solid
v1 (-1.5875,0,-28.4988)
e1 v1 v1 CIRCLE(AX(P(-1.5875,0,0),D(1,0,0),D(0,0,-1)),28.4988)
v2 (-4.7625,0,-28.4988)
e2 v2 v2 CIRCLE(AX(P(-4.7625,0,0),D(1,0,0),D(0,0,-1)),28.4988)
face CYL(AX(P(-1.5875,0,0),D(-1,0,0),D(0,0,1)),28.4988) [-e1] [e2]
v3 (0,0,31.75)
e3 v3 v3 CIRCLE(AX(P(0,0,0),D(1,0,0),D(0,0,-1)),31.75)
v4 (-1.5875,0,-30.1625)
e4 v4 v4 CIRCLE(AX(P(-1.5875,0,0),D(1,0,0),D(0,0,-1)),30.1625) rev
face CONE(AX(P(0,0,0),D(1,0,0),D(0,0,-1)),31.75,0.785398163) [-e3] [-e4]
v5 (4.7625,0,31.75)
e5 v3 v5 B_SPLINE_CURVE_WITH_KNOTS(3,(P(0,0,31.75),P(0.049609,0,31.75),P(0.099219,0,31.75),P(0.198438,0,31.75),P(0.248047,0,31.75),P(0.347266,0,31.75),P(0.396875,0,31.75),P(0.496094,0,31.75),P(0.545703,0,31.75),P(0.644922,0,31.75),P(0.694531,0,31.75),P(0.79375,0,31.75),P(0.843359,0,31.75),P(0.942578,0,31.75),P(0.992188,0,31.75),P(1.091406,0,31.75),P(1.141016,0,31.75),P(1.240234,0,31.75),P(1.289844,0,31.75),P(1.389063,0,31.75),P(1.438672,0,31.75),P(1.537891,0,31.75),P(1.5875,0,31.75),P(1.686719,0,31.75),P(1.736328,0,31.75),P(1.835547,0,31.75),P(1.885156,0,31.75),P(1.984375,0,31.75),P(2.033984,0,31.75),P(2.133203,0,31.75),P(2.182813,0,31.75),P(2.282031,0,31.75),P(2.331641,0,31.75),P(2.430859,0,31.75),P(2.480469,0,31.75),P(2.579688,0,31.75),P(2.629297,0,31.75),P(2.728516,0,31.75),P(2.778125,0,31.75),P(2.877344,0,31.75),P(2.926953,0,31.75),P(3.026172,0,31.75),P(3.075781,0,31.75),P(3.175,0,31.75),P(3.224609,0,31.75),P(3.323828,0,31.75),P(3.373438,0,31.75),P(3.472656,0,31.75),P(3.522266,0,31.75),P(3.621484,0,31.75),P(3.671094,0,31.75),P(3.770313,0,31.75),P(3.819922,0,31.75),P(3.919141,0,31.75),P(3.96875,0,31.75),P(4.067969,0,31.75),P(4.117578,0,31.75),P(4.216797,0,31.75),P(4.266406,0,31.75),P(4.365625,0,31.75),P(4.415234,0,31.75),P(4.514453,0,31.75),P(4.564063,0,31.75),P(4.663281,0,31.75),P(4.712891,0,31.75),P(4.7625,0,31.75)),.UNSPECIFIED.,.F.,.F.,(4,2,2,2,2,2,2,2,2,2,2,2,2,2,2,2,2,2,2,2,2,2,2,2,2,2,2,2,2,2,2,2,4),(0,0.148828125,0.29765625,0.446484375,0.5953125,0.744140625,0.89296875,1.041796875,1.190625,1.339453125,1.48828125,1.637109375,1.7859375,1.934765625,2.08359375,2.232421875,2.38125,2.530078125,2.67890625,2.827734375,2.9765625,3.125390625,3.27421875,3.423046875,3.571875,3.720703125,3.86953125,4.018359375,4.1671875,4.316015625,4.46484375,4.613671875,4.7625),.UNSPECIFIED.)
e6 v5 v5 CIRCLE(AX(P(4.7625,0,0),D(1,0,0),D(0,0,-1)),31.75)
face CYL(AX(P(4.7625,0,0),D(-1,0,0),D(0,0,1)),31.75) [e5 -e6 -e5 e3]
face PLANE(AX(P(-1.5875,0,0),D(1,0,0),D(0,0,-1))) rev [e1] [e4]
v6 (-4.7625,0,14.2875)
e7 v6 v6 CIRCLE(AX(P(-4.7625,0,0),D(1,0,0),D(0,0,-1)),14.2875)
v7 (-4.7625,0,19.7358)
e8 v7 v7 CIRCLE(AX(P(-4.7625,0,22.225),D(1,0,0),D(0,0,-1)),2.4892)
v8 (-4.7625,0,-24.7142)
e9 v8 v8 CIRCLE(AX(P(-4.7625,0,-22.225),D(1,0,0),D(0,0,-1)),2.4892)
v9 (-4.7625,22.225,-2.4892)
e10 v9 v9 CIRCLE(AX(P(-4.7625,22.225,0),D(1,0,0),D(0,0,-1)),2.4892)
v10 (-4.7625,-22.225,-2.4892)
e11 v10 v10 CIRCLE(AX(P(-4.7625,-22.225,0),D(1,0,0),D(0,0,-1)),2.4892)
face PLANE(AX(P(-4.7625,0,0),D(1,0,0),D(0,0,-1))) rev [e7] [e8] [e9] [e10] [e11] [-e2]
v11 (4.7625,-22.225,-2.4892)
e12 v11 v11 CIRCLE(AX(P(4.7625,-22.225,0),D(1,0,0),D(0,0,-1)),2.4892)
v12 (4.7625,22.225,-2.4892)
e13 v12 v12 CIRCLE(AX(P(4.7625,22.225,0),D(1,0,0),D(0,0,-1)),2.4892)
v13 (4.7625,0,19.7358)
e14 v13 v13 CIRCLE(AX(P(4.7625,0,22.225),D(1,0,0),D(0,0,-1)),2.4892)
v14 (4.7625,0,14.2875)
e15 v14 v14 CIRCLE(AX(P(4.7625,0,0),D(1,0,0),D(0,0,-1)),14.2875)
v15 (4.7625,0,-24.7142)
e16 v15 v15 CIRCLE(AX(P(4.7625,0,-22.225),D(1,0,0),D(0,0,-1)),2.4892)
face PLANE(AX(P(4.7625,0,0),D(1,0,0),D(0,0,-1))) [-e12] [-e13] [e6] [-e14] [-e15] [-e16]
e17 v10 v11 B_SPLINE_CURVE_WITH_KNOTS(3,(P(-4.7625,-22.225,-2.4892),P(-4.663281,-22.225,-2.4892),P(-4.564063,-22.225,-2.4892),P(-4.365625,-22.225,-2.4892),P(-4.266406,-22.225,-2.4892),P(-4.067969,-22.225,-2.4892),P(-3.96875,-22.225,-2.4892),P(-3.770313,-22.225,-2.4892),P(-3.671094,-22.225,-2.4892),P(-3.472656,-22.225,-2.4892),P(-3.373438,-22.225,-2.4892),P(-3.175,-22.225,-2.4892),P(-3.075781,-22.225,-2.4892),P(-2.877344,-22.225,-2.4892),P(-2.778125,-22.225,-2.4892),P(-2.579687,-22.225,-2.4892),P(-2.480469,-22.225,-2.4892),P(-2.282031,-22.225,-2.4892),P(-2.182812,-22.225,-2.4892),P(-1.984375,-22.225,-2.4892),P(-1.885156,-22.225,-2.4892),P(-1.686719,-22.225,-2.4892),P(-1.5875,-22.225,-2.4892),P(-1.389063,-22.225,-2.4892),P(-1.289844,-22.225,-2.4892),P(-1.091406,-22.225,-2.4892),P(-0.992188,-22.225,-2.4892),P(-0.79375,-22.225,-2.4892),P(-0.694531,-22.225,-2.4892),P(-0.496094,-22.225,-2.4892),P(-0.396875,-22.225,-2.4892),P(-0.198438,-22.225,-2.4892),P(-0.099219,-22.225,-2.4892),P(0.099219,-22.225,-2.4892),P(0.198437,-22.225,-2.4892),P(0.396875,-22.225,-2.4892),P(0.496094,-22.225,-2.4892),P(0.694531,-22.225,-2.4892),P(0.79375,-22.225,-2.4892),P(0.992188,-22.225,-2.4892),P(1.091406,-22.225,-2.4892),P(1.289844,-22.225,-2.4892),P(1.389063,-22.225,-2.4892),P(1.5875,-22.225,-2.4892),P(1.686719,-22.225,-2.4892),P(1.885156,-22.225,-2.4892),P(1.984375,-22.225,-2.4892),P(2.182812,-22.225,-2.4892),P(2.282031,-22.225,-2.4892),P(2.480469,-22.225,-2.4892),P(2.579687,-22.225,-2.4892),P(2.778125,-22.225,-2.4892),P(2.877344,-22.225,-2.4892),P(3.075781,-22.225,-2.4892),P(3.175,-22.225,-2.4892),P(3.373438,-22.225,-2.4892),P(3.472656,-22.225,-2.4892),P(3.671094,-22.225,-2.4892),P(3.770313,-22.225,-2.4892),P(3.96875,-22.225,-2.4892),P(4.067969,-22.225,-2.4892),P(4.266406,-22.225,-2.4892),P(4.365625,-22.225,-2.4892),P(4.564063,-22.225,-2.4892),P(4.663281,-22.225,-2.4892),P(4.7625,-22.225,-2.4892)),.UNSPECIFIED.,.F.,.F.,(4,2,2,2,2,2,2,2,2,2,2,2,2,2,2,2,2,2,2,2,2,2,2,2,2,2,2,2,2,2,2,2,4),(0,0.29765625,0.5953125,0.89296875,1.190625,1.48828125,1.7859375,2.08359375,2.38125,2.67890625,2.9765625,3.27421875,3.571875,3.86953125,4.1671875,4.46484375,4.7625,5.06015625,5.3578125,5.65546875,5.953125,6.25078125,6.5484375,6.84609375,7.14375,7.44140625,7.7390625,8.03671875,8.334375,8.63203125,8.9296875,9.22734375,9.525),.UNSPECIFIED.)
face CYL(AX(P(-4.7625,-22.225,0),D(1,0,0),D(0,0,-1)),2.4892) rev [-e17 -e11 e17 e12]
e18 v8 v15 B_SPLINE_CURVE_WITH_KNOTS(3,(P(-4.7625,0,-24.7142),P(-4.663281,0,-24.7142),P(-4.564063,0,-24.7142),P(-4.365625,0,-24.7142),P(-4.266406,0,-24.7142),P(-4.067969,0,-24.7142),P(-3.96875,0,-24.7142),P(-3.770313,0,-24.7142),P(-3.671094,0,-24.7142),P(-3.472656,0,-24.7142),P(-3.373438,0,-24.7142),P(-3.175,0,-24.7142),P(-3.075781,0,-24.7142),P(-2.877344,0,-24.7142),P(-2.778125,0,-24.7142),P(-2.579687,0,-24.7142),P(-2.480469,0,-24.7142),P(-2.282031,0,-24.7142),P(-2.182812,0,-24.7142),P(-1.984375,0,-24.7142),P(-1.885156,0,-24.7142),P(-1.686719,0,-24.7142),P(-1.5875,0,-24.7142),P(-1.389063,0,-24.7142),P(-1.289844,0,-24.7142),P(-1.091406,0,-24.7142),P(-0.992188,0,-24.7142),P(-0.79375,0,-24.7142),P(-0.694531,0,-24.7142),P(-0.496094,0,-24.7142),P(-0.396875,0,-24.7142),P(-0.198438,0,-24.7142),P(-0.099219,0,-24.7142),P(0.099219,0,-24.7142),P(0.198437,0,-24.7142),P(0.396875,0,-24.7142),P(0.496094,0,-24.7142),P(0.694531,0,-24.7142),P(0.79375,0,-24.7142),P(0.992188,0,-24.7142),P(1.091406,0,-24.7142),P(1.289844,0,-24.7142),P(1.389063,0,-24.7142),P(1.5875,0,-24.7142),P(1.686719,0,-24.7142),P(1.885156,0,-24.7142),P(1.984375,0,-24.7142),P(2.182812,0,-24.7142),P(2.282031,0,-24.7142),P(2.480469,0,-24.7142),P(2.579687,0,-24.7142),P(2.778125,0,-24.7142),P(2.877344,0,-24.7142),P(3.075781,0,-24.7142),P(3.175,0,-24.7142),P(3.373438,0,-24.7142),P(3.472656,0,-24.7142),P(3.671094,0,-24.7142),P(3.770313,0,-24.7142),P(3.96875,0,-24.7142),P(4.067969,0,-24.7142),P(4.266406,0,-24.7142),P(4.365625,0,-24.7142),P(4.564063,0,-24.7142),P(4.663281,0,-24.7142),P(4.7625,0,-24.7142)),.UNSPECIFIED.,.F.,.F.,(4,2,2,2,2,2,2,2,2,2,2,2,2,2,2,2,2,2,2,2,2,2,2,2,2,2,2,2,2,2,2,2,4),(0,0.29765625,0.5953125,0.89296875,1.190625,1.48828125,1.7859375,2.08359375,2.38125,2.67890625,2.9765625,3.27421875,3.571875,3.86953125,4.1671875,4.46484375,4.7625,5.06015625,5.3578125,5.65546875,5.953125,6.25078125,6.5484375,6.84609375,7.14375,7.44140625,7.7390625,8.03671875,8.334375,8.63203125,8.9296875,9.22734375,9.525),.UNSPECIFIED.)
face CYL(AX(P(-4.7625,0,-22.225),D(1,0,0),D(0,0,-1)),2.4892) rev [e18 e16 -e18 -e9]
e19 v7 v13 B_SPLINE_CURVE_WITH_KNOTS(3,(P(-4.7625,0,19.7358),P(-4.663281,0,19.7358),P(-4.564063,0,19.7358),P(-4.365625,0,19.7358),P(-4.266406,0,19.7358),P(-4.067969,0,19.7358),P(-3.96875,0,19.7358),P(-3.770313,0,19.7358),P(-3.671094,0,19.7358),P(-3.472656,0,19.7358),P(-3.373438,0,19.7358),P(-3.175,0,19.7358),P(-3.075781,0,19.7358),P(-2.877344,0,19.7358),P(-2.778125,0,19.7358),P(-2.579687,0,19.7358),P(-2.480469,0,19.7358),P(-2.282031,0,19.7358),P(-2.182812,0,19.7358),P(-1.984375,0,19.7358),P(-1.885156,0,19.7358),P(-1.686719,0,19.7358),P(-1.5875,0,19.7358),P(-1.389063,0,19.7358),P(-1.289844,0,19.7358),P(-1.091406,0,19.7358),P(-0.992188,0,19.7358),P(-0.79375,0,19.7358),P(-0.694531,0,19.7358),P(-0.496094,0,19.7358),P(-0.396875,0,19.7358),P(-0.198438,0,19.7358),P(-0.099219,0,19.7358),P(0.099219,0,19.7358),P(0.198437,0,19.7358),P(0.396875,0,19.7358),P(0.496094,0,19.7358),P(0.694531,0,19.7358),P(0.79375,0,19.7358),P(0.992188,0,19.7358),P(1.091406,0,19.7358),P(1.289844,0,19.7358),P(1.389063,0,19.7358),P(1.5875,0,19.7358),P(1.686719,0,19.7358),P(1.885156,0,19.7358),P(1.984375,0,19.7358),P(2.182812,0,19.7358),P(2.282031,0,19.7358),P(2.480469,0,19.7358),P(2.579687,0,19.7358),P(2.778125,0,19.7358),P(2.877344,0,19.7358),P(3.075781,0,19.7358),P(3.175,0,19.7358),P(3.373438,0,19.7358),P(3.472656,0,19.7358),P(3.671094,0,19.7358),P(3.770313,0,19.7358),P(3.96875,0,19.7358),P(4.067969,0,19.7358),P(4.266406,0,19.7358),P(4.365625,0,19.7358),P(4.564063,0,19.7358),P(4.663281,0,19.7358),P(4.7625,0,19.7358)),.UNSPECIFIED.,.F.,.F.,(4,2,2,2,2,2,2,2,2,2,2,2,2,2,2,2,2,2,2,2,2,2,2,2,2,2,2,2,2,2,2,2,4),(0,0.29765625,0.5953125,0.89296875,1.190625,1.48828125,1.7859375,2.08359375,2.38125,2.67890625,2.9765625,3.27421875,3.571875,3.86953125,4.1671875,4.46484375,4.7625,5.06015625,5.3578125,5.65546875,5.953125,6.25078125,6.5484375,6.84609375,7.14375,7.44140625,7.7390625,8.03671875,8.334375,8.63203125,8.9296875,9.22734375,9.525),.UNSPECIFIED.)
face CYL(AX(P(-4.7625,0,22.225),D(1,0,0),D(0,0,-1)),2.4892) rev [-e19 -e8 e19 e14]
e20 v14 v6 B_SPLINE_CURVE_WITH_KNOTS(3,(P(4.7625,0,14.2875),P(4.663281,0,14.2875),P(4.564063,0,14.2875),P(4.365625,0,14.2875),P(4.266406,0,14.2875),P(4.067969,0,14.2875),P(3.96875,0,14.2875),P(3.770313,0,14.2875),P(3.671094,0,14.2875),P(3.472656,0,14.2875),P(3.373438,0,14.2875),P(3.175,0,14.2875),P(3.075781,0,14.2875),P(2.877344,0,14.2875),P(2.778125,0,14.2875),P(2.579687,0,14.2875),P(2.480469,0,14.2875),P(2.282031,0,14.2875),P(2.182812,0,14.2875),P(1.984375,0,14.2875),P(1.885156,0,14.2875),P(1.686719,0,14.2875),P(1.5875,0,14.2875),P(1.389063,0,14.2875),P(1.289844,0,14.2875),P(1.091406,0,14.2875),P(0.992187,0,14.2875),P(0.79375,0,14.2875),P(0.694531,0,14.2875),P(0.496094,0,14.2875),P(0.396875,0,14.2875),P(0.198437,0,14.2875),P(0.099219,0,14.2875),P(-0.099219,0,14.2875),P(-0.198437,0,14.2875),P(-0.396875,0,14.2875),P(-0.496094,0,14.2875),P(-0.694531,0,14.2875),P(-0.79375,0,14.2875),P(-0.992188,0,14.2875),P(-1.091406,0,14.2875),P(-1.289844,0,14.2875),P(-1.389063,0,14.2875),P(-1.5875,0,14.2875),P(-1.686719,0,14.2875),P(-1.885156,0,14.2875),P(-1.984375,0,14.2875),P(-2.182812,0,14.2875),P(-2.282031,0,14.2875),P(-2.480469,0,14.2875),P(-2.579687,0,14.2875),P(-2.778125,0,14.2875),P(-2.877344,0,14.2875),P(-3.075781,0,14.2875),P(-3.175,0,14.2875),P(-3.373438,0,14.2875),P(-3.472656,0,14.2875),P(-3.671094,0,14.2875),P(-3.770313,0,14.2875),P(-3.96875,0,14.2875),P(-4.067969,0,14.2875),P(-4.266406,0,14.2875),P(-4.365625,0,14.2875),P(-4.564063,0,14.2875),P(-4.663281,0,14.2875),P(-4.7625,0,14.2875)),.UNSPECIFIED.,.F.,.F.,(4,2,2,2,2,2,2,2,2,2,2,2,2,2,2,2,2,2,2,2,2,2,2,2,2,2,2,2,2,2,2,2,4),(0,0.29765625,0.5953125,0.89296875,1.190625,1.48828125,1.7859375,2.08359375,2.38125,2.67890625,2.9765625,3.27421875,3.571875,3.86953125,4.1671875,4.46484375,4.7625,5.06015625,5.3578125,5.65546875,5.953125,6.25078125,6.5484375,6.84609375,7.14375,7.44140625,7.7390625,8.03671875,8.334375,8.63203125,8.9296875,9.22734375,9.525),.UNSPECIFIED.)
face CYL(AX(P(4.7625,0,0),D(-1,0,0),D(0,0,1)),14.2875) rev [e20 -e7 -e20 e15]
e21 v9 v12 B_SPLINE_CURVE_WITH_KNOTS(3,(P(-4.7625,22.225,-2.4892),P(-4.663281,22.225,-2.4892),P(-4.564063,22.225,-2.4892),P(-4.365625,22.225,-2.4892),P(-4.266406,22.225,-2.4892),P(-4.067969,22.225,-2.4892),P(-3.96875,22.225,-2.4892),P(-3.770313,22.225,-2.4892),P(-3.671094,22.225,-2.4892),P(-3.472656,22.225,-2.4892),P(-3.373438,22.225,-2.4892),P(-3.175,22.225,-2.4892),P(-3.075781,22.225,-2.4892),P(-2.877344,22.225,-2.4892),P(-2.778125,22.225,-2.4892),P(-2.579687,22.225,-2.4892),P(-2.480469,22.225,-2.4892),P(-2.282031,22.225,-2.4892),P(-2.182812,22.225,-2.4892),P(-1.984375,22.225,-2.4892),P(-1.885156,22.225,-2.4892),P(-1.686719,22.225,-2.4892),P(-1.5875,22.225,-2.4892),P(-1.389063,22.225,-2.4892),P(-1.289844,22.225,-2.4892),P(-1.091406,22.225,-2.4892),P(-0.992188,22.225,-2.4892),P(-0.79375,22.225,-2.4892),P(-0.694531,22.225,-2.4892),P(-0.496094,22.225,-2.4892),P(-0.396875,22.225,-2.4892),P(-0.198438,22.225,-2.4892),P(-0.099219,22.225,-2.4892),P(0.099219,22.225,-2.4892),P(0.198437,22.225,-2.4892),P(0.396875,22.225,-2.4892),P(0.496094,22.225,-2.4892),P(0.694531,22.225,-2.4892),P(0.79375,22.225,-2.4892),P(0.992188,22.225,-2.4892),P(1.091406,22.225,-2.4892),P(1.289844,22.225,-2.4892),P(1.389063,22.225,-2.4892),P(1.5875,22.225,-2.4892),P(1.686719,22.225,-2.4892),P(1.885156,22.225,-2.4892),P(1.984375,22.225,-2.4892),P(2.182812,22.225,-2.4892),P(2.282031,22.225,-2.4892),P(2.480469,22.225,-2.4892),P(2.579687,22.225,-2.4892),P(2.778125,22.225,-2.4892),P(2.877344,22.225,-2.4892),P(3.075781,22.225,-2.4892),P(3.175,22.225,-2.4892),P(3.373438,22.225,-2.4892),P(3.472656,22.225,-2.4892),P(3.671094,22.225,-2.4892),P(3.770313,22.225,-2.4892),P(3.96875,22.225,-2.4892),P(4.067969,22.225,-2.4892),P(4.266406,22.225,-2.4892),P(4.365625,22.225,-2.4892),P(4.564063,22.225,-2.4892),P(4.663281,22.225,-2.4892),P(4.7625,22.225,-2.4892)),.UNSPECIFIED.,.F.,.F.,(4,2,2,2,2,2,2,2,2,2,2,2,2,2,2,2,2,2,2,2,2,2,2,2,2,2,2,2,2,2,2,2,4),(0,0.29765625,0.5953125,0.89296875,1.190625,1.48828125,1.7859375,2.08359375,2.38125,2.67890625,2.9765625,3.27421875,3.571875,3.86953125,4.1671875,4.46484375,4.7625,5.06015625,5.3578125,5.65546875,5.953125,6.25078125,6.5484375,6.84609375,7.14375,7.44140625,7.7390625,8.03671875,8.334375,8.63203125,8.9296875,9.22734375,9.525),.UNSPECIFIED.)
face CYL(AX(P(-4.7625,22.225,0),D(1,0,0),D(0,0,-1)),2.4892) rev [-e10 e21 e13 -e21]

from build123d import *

# Parameters (mm, degrees)
SKETCH1_R           = 31.75
SKETCH1_R_2         = 14.2875
BOSS_EXTRUDE1_DEPTH = 4.7625
CUT_EXTRUDE1_START  = 3.175
SKETCH2_R           = 31.75
SKETCH2_R_2         = 28.4988
CUT_EXTRUDE1_DEPTH  = 3.175
SKETCH3_R           = 2.4892
CUT_EXTRUDE2_DEPTH  = 46.900442536
CHAMFER1_SIZE       = 1.5875


with BuildPart() as part:
    # Sketch1 → Boss-Extrude1 (new, symmetric)
    with BuildSketch(Plane(origin=(0, 0, 0), x_dir=(0, 0, -1), z_dir=(1, 0, 0))):
        with Locations(Location((0, 0, 0), (0, 0, 180))):
            Circle(SKETCH1_R)
        with Locations(Location((0, 0, 0), (0, 0, 180))):
            Circle(SKETCH1_R_2, mode=Mode.SUBTRACT)
    extrude(amount=BOSS_EXTRUDE1_DEPTH, both=True)

    # Sketch2 → Cut-Extrude1 (cut)
    with BuildSketch(Plane(origin=(-4.7625, 0, 0), x_dir=(0, 0, -1), z_dir=(1, 0, 0)).offset(CUT_EXTRUDE1_START)):
        with Locations(Location((0, 0, 0), (0, 0, 180))):
            Circle(SKETCH2_R)
        Circle(SKETCH2_R_2, mode=Mode.SUBTRACT)
    extrude(amount=-CUT_EXTRUDE1_DEPTH, mode=Mode.SUBTRACT)

    # Sketch3 → Cut-Extrude2 (cut, through all)
    with BuildSketch(Plane(origin=(4.7625, 0, 0), x_dir=(0, 0, -1), z_dir=(1, 0, 0))):
        with Locations((0, 22.225)):
            Circle(SKETCH3_R)
        with Locations((-22.225, 0)):
            Circle(SKETCH3_R)
        with Locations((0, -22.225)):
            Circle(SKETCH3_R)
        with Locations((22.225, 0)):
            Circle(SKETCH3_R)
    extrude(amount=-CUT_EXTRUDE2_DEPTH, mode=Mode.SUBTRACT)

    # Chamfer1
    chamfer1_edges = [part.edges().sort_by_distance(p)[0] for p in [
        (-1.5875, 0, -31.75),
    ]]
    chamfer(chamfer1_edges, length=CHAMFER1_SIZE)


solid = part.part
